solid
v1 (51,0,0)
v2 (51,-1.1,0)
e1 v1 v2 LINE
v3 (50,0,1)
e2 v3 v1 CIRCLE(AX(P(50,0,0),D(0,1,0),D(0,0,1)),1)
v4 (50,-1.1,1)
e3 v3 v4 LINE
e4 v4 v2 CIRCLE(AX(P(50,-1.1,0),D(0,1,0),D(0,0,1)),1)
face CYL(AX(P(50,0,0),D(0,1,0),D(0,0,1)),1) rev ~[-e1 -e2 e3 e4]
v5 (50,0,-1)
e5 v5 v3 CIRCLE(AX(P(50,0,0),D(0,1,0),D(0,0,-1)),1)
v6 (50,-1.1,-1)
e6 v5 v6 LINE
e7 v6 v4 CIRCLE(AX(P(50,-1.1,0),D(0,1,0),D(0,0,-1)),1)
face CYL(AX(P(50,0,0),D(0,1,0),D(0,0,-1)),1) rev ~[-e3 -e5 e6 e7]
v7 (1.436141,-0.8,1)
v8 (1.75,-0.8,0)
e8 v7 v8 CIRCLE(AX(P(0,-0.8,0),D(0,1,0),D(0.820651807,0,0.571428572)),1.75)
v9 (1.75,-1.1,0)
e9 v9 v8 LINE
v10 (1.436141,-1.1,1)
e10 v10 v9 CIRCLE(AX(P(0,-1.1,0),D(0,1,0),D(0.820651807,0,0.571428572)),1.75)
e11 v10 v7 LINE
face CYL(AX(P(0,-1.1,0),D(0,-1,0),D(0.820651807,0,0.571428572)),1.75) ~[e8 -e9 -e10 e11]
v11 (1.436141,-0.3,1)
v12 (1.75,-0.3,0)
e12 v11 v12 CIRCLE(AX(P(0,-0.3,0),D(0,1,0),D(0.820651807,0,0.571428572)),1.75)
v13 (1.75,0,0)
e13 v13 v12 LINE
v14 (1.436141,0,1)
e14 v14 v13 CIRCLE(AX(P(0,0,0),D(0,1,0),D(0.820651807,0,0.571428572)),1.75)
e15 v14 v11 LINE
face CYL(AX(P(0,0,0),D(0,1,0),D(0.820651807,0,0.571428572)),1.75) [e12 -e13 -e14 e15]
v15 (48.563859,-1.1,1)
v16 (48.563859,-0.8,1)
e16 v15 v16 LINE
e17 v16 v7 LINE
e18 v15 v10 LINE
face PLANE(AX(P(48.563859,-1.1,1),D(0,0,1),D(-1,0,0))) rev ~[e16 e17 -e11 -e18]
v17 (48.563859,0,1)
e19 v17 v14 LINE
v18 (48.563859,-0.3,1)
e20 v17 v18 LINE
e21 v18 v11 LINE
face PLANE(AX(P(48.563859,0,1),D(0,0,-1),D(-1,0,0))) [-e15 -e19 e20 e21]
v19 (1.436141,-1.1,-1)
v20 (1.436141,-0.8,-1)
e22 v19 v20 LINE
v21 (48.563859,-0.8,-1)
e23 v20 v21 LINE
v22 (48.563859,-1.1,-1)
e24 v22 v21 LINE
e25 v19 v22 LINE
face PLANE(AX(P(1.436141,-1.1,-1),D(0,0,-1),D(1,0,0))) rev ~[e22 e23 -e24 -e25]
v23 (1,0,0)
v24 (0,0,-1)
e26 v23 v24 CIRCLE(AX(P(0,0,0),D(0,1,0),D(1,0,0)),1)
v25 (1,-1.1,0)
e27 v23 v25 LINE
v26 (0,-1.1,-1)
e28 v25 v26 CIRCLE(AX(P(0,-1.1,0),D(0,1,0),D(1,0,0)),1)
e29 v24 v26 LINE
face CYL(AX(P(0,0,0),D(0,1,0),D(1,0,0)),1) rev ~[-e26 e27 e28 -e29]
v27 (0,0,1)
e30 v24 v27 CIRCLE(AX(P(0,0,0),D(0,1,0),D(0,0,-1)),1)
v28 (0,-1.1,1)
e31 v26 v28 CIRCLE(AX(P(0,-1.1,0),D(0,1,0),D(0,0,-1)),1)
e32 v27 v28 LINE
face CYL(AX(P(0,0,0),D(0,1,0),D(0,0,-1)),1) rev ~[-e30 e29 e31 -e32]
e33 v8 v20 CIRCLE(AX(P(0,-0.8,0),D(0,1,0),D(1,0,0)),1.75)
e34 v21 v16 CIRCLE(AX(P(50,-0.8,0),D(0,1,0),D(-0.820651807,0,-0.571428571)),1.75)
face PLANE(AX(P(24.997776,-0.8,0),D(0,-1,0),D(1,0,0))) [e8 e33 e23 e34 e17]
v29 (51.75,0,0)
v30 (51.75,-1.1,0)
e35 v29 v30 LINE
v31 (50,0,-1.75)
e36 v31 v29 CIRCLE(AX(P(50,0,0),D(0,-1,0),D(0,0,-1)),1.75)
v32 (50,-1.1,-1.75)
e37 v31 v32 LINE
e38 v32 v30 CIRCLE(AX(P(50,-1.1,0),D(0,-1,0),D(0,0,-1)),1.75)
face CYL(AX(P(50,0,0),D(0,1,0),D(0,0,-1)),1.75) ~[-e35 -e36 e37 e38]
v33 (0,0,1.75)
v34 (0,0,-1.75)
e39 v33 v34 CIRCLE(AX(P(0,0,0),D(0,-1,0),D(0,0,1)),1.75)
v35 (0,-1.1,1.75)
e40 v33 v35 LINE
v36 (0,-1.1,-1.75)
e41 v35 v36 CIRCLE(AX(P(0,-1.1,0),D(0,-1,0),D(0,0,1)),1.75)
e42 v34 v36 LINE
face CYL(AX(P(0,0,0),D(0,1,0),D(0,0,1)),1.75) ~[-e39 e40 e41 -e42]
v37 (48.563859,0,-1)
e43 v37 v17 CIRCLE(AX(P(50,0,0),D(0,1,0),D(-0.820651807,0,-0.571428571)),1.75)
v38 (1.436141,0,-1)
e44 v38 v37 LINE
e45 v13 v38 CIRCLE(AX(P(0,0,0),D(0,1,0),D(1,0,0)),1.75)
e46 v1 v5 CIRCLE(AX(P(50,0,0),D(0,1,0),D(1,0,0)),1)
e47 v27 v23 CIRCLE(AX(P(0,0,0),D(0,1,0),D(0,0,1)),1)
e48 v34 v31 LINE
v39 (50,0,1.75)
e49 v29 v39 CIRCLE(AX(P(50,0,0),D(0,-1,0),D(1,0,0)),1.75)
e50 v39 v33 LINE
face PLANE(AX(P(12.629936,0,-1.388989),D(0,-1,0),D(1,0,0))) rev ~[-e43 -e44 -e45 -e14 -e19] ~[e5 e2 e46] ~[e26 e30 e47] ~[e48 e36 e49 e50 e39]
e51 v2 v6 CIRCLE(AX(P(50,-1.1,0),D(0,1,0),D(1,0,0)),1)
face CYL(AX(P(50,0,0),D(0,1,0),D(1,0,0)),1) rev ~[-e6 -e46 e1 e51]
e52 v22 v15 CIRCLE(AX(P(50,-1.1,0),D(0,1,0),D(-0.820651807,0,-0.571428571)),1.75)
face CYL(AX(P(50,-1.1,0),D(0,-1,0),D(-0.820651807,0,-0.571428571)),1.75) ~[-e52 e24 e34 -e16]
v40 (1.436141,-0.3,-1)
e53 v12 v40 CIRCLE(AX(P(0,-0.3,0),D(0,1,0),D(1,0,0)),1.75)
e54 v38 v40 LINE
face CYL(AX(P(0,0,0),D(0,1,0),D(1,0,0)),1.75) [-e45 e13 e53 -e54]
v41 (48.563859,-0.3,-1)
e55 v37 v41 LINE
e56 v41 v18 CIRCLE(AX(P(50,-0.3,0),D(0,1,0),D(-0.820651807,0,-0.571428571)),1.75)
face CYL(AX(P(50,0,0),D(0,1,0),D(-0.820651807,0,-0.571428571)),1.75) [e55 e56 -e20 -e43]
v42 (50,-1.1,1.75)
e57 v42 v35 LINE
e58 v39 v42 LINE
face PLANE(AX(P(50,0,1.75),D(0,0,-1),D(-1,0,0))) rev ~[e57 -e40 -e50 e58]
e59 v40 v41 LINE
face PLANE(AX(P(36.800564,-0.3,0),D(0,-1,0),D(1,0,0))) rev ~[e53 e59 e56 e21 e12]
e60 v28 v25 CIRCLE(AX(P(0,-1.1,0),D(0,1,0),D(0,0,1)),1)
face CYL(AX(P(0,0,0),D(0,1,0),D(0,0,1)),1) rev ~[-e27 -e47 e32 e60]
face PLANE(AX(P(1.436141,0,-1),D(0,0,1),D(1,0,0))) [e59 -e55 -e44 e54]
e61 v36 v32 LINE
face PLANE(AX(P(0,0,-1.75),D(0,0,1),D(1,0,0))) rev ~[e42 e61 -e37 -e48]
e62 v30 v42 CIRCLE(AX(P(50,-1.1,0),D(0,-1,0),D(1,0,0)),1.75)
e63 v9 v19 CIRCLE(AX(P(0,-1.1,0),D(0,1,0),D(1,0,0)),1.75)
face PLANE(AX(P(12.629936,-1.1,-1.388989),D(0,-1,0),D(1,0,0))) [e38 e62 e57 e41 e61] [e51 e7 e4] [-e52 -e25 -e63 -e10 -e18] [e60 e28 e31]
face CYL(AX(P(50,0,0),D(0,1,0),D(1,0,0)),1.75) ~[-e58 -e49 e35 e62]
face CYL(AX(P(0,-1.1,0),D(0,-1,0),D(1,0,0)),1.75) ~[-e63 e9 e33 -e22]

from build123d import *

# Parameters (mm, degrees)
F1_DEPTH = 1.1
F3_DEPTH = 0.3
F4_DEPTH = 0.3


with BuildPart() as f1:
    # F0 (on Front) → F1 (new body)
    with BuildSketch(Plane.XZ):
        with BuildLine():
            ThreePointArc((1.4361406616, -1), (0.8100925873, -1.5512092057), (0, -1.75))
            Line((0, -1.75), (25, -1.75))
            Line((25, -1.75), (25, -1))
            Line((25, -1), (1.4361406616, -1))
        make_face()
        with BuildLine():
            Line((25, -1), (25, -1.75))
            Line((25, -1.75), (50, -1.75))
            ThreePointArc((50, -1.75), (49.1899074127, -1.5512092057), (48.5638593384, -1))
            Line((48.5638593384, -1), (25, -1))
        make_face()
        with BuildLine():
            Line((48.5638593384, 1), (25, 1))
            Line((25, 1), (25, -1))
            Line((25, -1), (48.5638593384, -1))
            ThreePointArc((48.5638593384, -1), (48.25, 0), (48.5638593384, 1))
        make_face()
        with BuildLine():
            Line((50, 1.75), (25, 1.75))
            Line((25, 1.75), (25, 1))
            Line((25, 1), (48.5638593384, 1))
            ThreePointArc((48.5638593384, 1), (49.1899074127, 1.5512092057), (50, 1.75))
        make_face()
        with BuildLine():
            Line((50, 1), (48.5638593384, 1))
            ThreePointArc((48.5638593384, 1), (48.25, 0), (48.5638593384, -1))
            Line((48.5638593384, -1), (50, -1))
            ThreePointArc((50, -1), (49, 0), (50, 1))
        make_face()
        with BuildLine():
            ThreePointArc((51.75, 0), (51.2374368671, 1.2374368671), (50, 1.75))
            Line((50, 1.75), (50, 1))
            ThreePointArc((50, 1), (50.7071067812, 0.7071067812), (51, 0))
            ThreePointArc((51, 0), (50.7071067812, -0.7071067812), (50, -1))
            Line((50, -1), (50, -1.75))
            ThreePointArc((50, -1.75), (51.2374368671, -1.2374368671), (51.75, 0))
        make_face()
        with BuildLine():
            ThreePointArc((0, -1), (-1, 0), (0, 1))
            Line((0, 1), (0, 1.75))
            ThreePointArc((0, 1.75), (-1.75, 0), (0, -1.75))
            Line((0, -1.75), (0, -1))
        make_face()
        with BuildLine():
            ThreePointArc((0, 1), (0.7071067812, 0.7071067812), (1, 0))
            ThreePointArc((1, 0), (0.7071067812, -0.7071067812), (0, -1))
            Line((0, -1), (1.4361406616, -1))
            ThreePointArc((1.4361406616, -1), (1.6696925103, -0.5240485866), (1.75, 0))
            ThreePointArc((1.75, 0), (1.6696925103, 0.5240485866), (1.4361406616, 1))
            Line((1.4361406616, 1), (0, 1))
        make_face()
        with BuildLine():
            ThreePointArc((48.5638593384, -1), (49.1899074127, -1.5512092057), (50, -1.75))
            Line((50, -1.75), (50, -1))
            Line((50, -1), (48.5638593384, -1))
        make_face()
        with BuildLine():
            Line((50, 1), (50, 1.75))
            ThreePointArc((50, 1.75), (49.1899074127, 1.5512092057), (48.5638593384, 1))
            Line((48.5638593384, 1), (50, 1))
        make_face()
        with BuildLine():
            Line((25, 1), (1.4361406616, 1))
            ThreePointArc((1.4361406616, 1), (1.6696925103, 0.5240485866), (1.75, 0))
            ThreePointArc((1.75, 0), (1.6696925103, -0.5240485866), (1.4361406616, -1))
            Line((1.4361406616, -1), (25, -1))
            Line((25, -1), (25, 1))
        make_face()
        with BuildLine():
            Line((25, 1.75), (0, 1.75))
            ThreePointArc((0, 1.75), (0.8100925873, 1.5512092057), (1.4361406616, 1))
            Line((1.4361406616, 1), (25, 1))
            Line((25, 1), (25, 1.75))
        make_face()
        with BuildLine():
            Line((1.4361406616, -1), (0, -1))
            Line((0, -1), (0, -1.75))
            ThreePointArc((0, -1.75), (0.8100925873, -1.5512092057), (1.4361406616, -1))
        make_face()
        with BuildLine():
            Line((0, 1.75), (0, 1))
            Line((0, 1), (1.4361406616, 1))
            ThreePointArc((1.4361406616, 1), (0.8100925873, 1.5512092057), (0, 1.75))
        make_face()
    extrude(amount=F1_DEPTH)

    # F2 (on face) → F3 (cut)
    with BuildSketch(Plane.XZ.offset(1.1)):
        with BuildLine():
            ThreePointArc((48.5638593384, -1), (48.25, 0), (48.5638593384, 1))
            Line((48.5638593384, 1), (1.4361406616, 1))
            ThreePointArc((1.4361406616, 1), (1.6696925103, 0.5240485866), (1.75, 0))
            ThreePointArc((1.75, 0), (1.6696925103, -0.5240485866), (1.4361406616, -1))
            Line((1.4361406616, -1), (48.5638593384, -1))
        make_face()
    extrude(amount=-F3_DEPTH, mode=Mode.SUBTRACT)

    # F0 (on Front) → F4 (cut)
    with BuildSketch(Plane.XZ):
        with BuildLine():
            Line((48.5638593384, 1), (25, 1))
            Line((25, 1), (25, -1))
            Line((25, -1), (48.5638593384, -1))
            ThreePointArc((48.5638593384, -1), (48.25, 0), (48.5638593384, 1))
        make_face()
        with BuildLine():
            Line((25, 1), (1.4361406616, 1))
            ThreePointArc((1.4361406616, 1), (1.6696925103, 0.5240485866), (1.75, 0))
            ThreePointArc((1.75, 0), (1.6696925103, -0.5240485866), (1.4361406616, -1))
            Line((1.4361406616, -1), (25, -1))
            Line((25, -1), (25, 1))
        make_face()
    extrude(amount=F4_DEPTH, mode=Mode.SUBTRACT)


solid = f1.part
